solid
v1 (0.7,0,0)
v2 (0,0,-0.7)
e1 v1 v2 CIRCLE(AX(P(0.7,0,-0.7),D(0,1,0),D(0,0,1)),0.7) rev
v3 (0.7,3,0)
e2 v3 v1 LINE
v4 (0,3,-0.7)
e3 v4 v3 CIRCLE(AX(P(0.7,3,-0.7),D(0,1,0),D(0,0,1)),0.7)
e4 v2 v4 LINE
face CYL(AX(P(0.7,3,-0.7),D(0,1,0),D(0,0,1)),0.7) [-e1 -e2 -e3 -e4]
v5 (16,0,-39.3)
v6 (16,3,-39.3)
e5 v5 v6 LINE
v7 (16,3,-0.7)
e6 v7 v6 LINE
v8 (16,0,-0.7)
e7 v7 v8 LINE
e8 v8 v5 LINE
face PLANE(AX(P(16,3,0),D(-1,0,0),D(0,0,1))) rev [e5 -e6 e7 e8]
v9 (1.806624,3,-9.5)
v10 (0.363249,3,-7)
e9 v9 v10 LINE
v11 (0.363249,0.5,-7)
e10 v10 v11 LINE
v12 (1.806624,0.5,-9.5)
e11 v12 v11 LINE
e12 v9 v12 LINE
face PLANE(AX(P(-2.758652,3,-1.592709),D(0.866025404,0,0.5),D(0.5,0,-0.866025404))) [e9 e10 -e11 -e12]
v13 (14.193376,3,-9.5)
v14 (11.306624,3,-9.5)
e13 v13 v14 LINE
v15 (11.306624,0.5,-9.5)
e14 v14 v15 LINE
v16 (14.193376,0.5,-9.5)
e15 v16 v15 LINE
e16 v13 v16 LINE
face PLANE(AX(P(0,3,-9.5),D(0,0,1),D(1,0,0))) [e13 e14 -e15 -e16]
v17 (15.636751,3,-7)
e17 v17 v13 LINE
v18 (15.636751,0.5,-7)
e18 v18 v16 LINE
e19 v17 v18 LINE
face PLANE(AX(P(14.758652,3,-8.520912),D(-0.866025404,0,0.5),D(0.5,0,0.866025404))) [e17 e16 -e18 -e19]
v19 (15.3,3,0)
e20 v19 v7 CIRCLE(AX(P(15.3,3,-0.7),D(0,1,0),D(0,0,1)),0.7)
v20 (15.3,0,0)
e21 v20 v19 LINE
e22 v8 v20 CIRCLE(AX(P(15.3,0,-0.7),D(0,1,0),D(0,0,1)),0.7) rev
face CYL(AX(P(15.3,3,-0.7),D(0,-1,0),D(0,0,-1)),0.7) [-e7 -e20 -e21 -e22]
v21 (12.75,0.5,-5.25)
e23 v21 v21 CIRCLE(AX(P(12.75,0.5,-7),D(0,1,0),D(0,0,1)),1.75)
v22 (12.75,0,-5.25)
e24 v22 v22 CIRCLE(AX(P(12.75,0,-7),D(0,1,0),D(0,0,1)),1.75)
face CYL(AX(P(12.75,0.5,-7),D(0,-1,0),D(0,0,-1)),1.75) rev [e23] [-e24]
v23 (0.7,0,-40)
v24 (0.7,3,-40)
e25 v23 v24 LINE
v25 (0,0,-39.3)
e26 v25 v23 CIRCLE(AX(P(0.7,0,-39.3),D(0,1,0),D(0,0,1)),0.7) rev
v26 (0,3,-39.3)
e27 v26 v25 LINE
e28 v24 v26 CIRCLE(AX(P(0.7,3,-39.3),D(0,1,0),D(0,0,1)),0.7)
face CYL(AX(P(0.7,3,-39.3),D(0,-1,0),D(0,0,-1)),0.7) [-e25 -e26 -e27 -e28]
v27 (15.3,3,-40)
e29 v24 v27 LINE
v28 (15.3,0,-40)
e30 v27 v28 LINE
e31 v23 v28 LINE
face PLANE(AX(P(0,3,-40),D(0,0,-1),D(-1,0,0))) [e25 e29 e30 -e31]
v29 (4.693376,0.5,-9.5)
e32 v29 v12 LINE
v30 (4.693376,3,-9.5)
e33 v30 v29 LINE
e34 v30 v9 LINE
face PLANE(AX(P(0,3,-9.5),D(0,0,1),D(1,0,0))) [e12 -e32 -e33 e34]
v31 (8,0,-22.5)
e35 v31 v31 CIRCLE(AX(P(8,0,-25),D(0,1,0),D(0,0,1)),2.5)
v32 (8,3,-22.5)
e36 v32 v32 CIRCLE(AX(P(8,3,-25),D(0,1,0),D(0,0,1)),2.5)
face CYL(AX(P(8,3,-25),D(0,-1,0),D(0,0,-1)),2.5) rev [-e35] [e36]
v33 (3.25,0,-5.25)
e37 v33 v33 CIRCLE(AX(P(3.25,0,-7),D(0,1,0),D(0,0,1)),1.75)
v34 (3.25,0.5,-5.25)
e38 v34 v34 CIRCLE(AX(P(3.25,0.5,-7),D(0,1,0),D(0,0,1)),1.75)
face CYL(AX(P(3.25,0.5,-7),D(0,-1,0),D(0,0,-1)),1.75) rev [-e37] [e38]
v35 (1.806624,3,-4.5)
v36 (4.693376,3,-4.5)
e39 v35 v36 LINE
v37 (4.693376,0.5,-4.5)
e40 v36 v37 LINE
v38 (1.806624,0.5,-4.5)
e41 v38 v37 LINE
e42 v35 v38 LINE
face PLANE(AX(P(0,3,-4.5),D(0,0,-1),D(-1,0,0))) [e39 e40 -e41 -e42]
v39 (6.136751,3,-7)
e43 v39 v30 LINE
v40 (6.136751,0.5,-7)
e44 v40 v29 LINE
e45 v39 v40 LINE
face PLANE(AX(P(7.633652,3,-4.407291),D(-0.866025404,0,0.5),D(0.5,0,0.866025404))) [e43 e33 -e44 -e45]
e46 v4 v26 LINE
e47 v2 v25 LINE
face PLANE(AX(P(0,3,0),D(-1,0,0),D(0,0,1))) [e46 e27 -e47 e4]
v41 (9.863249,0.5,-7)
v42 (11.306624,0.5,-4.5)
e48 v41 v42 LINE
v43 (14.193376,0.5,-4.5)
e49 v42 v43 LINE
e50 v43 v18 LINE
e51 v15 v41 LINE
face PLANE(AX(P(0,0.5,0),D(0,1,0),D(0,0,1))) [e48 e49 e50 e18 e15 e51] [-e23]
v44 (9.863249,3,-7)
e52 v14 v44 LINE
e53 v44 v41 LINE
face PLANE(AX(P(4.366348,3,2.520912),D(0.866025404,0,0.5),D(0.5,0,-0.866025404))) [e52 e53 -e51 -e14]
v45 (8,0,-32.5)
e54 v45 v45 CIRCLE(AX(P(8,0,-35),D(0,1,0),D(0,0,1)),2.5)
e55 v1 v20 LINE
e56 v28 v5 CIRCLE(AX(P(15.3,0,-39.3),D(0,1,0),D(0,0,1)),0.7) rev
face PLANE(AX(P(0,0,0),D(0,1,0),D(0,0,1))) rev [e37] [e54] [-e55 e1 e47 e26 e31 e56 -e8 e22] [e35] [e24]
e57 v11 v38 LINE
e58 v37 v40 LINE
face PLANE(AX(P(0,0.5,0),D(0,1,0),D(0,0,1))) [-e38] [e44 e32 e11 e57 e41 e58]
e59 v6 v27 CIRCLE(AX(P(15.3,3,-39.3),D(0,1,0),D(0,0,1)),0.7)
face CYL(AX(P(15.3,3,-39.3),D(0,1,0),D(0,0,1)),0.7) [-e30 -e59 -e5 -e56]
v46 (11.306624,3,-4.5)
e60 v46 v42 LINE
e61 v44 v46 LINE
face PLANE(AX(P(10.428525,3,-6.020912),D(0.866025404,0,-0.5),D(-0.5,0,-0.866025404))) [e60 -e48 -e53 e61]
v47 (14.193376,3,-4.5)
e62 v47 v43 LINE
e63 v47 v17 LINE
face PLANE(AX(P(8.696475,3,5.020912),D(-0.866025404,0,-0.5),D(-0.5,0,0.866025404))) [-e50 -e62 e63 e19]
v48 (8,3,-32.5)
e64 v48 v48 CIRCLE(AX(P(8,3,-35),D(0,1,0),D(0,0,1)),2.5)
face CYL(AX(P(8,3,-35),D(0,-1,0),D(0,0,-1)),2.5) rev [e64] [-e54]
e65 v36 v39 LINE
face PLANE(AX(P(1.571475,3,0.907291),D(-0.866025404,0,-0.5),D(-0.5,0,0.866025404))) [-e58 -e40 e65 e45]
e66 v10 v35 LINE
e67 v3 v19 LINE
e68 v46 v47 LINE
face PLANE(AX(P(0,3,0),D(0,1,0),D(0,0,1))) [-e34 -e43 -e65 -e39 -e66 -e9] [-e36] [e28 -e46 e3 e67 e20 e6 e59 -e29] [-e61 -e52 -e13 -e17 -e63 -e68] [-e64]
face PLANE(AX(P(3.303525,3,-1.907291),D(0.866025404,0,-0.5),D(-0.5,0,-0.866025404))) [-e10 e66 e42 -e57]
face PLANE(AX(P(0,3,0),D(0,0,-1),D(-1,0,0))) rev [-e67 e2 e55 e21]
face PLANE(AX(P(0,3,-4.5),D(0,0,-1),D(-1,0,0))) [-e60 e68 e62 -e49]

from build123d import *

# Parameters (mm, degrees)
SKETCH1_W           = 16
SKETCH1_H           = 40
SKETCH1_R           = 2.5
BOSS_EXTRUDE1_DEPTH = 3
SKETCH1_3_R         = 1.75
BOSS_EXTRUDE2_DEPTH = 0.5
FILLET1_R           = 0.7


with BuildPart() as part:
    # Sketch1 → Boss-Extrude1 (new body)
    with BuildSketch(Plane(origin=(0, 0, 0), x_dir=(1, 0, 0), z_dir=(0, 1, 0))):
        with Locations((8, 20)):
            Rectangle(SKETCH1_W, SKETCH1_H)
        Polygon((1.806624327, 9.5), (4.693375673, 9.5), (6.136751346, 7), (4.693375673, 4.5), (1.806624327, 4.5), (0.363248654, 7), align=None, mode=Mode.SUBTRACT)
        Polygon((9.863248654, 7), (11.306624327, 9.5), (14.193375673, 9.5), (15.636751346, 7), (14.193375673, 4.5), (11.306624327, 4.5), align=None, mode=Mode.SUBTRACT)
        with Locations((8, 25)):
            Circle(SKETCH1_R, mode=Mode.SUBTRACT)
        with Locations((8, 35)):
            Circle(SKETCH1_R, mode=Mode.SUBTRACT)
    extrude(amount=BOSS_EXTRUDE1_DEPTH)

    # Sketch1<3> → Boss-Extrude2 (add)
    # profile 1 of 2: a face of its own
    with BuildSketch(Plane(origin=(0, 0, 0), x_dir=(1, 0, 0), z_dir=(0, 1, 0))):
        Polygon((6.136751346, 7), (4.693375673, 9.5), (1.806624327, 9.5), (0.363248654, 7), (1.806624327, 4.5), (4.693375673, 4.5), align=None)
        with Locations((3.25, 7)):
            Circle(SKETCH1_3_R, mode=Mode.SUBTRACT)
    # profile 2 of 2: a face of its own
    with BuildSketch(Plane(origin=(0, 0, 0), x_dir=(1, 0, 0), z_dir=(0, 1, 0))):
        Polygon((14.193375673, 9.5), (11.306624327, 9.5), (9.863248654, 7), (11.306624327, 4.5), (14.193375673, 4.5), (15.636751346, 7), align=None)
        with Locations((12.75, 7)):
            Circle(SKETCH1_3_R, mode=Mode.SUBTRACT)
    extrude(amount=BOSS_EXTRUDE2_DEPTH)

    # Fillet1
    fillet1_edges = [part.edges().sort_by_distance(p)[0] for p in [
        (0, 1.5, 0),
        (16, 1.5, 0),
        (16, 1.5, -40),
        (0, 1.5, -40),
    ]]
    fillet(fillet1_edges, radius=FILLET1_R)


solid = part.part
